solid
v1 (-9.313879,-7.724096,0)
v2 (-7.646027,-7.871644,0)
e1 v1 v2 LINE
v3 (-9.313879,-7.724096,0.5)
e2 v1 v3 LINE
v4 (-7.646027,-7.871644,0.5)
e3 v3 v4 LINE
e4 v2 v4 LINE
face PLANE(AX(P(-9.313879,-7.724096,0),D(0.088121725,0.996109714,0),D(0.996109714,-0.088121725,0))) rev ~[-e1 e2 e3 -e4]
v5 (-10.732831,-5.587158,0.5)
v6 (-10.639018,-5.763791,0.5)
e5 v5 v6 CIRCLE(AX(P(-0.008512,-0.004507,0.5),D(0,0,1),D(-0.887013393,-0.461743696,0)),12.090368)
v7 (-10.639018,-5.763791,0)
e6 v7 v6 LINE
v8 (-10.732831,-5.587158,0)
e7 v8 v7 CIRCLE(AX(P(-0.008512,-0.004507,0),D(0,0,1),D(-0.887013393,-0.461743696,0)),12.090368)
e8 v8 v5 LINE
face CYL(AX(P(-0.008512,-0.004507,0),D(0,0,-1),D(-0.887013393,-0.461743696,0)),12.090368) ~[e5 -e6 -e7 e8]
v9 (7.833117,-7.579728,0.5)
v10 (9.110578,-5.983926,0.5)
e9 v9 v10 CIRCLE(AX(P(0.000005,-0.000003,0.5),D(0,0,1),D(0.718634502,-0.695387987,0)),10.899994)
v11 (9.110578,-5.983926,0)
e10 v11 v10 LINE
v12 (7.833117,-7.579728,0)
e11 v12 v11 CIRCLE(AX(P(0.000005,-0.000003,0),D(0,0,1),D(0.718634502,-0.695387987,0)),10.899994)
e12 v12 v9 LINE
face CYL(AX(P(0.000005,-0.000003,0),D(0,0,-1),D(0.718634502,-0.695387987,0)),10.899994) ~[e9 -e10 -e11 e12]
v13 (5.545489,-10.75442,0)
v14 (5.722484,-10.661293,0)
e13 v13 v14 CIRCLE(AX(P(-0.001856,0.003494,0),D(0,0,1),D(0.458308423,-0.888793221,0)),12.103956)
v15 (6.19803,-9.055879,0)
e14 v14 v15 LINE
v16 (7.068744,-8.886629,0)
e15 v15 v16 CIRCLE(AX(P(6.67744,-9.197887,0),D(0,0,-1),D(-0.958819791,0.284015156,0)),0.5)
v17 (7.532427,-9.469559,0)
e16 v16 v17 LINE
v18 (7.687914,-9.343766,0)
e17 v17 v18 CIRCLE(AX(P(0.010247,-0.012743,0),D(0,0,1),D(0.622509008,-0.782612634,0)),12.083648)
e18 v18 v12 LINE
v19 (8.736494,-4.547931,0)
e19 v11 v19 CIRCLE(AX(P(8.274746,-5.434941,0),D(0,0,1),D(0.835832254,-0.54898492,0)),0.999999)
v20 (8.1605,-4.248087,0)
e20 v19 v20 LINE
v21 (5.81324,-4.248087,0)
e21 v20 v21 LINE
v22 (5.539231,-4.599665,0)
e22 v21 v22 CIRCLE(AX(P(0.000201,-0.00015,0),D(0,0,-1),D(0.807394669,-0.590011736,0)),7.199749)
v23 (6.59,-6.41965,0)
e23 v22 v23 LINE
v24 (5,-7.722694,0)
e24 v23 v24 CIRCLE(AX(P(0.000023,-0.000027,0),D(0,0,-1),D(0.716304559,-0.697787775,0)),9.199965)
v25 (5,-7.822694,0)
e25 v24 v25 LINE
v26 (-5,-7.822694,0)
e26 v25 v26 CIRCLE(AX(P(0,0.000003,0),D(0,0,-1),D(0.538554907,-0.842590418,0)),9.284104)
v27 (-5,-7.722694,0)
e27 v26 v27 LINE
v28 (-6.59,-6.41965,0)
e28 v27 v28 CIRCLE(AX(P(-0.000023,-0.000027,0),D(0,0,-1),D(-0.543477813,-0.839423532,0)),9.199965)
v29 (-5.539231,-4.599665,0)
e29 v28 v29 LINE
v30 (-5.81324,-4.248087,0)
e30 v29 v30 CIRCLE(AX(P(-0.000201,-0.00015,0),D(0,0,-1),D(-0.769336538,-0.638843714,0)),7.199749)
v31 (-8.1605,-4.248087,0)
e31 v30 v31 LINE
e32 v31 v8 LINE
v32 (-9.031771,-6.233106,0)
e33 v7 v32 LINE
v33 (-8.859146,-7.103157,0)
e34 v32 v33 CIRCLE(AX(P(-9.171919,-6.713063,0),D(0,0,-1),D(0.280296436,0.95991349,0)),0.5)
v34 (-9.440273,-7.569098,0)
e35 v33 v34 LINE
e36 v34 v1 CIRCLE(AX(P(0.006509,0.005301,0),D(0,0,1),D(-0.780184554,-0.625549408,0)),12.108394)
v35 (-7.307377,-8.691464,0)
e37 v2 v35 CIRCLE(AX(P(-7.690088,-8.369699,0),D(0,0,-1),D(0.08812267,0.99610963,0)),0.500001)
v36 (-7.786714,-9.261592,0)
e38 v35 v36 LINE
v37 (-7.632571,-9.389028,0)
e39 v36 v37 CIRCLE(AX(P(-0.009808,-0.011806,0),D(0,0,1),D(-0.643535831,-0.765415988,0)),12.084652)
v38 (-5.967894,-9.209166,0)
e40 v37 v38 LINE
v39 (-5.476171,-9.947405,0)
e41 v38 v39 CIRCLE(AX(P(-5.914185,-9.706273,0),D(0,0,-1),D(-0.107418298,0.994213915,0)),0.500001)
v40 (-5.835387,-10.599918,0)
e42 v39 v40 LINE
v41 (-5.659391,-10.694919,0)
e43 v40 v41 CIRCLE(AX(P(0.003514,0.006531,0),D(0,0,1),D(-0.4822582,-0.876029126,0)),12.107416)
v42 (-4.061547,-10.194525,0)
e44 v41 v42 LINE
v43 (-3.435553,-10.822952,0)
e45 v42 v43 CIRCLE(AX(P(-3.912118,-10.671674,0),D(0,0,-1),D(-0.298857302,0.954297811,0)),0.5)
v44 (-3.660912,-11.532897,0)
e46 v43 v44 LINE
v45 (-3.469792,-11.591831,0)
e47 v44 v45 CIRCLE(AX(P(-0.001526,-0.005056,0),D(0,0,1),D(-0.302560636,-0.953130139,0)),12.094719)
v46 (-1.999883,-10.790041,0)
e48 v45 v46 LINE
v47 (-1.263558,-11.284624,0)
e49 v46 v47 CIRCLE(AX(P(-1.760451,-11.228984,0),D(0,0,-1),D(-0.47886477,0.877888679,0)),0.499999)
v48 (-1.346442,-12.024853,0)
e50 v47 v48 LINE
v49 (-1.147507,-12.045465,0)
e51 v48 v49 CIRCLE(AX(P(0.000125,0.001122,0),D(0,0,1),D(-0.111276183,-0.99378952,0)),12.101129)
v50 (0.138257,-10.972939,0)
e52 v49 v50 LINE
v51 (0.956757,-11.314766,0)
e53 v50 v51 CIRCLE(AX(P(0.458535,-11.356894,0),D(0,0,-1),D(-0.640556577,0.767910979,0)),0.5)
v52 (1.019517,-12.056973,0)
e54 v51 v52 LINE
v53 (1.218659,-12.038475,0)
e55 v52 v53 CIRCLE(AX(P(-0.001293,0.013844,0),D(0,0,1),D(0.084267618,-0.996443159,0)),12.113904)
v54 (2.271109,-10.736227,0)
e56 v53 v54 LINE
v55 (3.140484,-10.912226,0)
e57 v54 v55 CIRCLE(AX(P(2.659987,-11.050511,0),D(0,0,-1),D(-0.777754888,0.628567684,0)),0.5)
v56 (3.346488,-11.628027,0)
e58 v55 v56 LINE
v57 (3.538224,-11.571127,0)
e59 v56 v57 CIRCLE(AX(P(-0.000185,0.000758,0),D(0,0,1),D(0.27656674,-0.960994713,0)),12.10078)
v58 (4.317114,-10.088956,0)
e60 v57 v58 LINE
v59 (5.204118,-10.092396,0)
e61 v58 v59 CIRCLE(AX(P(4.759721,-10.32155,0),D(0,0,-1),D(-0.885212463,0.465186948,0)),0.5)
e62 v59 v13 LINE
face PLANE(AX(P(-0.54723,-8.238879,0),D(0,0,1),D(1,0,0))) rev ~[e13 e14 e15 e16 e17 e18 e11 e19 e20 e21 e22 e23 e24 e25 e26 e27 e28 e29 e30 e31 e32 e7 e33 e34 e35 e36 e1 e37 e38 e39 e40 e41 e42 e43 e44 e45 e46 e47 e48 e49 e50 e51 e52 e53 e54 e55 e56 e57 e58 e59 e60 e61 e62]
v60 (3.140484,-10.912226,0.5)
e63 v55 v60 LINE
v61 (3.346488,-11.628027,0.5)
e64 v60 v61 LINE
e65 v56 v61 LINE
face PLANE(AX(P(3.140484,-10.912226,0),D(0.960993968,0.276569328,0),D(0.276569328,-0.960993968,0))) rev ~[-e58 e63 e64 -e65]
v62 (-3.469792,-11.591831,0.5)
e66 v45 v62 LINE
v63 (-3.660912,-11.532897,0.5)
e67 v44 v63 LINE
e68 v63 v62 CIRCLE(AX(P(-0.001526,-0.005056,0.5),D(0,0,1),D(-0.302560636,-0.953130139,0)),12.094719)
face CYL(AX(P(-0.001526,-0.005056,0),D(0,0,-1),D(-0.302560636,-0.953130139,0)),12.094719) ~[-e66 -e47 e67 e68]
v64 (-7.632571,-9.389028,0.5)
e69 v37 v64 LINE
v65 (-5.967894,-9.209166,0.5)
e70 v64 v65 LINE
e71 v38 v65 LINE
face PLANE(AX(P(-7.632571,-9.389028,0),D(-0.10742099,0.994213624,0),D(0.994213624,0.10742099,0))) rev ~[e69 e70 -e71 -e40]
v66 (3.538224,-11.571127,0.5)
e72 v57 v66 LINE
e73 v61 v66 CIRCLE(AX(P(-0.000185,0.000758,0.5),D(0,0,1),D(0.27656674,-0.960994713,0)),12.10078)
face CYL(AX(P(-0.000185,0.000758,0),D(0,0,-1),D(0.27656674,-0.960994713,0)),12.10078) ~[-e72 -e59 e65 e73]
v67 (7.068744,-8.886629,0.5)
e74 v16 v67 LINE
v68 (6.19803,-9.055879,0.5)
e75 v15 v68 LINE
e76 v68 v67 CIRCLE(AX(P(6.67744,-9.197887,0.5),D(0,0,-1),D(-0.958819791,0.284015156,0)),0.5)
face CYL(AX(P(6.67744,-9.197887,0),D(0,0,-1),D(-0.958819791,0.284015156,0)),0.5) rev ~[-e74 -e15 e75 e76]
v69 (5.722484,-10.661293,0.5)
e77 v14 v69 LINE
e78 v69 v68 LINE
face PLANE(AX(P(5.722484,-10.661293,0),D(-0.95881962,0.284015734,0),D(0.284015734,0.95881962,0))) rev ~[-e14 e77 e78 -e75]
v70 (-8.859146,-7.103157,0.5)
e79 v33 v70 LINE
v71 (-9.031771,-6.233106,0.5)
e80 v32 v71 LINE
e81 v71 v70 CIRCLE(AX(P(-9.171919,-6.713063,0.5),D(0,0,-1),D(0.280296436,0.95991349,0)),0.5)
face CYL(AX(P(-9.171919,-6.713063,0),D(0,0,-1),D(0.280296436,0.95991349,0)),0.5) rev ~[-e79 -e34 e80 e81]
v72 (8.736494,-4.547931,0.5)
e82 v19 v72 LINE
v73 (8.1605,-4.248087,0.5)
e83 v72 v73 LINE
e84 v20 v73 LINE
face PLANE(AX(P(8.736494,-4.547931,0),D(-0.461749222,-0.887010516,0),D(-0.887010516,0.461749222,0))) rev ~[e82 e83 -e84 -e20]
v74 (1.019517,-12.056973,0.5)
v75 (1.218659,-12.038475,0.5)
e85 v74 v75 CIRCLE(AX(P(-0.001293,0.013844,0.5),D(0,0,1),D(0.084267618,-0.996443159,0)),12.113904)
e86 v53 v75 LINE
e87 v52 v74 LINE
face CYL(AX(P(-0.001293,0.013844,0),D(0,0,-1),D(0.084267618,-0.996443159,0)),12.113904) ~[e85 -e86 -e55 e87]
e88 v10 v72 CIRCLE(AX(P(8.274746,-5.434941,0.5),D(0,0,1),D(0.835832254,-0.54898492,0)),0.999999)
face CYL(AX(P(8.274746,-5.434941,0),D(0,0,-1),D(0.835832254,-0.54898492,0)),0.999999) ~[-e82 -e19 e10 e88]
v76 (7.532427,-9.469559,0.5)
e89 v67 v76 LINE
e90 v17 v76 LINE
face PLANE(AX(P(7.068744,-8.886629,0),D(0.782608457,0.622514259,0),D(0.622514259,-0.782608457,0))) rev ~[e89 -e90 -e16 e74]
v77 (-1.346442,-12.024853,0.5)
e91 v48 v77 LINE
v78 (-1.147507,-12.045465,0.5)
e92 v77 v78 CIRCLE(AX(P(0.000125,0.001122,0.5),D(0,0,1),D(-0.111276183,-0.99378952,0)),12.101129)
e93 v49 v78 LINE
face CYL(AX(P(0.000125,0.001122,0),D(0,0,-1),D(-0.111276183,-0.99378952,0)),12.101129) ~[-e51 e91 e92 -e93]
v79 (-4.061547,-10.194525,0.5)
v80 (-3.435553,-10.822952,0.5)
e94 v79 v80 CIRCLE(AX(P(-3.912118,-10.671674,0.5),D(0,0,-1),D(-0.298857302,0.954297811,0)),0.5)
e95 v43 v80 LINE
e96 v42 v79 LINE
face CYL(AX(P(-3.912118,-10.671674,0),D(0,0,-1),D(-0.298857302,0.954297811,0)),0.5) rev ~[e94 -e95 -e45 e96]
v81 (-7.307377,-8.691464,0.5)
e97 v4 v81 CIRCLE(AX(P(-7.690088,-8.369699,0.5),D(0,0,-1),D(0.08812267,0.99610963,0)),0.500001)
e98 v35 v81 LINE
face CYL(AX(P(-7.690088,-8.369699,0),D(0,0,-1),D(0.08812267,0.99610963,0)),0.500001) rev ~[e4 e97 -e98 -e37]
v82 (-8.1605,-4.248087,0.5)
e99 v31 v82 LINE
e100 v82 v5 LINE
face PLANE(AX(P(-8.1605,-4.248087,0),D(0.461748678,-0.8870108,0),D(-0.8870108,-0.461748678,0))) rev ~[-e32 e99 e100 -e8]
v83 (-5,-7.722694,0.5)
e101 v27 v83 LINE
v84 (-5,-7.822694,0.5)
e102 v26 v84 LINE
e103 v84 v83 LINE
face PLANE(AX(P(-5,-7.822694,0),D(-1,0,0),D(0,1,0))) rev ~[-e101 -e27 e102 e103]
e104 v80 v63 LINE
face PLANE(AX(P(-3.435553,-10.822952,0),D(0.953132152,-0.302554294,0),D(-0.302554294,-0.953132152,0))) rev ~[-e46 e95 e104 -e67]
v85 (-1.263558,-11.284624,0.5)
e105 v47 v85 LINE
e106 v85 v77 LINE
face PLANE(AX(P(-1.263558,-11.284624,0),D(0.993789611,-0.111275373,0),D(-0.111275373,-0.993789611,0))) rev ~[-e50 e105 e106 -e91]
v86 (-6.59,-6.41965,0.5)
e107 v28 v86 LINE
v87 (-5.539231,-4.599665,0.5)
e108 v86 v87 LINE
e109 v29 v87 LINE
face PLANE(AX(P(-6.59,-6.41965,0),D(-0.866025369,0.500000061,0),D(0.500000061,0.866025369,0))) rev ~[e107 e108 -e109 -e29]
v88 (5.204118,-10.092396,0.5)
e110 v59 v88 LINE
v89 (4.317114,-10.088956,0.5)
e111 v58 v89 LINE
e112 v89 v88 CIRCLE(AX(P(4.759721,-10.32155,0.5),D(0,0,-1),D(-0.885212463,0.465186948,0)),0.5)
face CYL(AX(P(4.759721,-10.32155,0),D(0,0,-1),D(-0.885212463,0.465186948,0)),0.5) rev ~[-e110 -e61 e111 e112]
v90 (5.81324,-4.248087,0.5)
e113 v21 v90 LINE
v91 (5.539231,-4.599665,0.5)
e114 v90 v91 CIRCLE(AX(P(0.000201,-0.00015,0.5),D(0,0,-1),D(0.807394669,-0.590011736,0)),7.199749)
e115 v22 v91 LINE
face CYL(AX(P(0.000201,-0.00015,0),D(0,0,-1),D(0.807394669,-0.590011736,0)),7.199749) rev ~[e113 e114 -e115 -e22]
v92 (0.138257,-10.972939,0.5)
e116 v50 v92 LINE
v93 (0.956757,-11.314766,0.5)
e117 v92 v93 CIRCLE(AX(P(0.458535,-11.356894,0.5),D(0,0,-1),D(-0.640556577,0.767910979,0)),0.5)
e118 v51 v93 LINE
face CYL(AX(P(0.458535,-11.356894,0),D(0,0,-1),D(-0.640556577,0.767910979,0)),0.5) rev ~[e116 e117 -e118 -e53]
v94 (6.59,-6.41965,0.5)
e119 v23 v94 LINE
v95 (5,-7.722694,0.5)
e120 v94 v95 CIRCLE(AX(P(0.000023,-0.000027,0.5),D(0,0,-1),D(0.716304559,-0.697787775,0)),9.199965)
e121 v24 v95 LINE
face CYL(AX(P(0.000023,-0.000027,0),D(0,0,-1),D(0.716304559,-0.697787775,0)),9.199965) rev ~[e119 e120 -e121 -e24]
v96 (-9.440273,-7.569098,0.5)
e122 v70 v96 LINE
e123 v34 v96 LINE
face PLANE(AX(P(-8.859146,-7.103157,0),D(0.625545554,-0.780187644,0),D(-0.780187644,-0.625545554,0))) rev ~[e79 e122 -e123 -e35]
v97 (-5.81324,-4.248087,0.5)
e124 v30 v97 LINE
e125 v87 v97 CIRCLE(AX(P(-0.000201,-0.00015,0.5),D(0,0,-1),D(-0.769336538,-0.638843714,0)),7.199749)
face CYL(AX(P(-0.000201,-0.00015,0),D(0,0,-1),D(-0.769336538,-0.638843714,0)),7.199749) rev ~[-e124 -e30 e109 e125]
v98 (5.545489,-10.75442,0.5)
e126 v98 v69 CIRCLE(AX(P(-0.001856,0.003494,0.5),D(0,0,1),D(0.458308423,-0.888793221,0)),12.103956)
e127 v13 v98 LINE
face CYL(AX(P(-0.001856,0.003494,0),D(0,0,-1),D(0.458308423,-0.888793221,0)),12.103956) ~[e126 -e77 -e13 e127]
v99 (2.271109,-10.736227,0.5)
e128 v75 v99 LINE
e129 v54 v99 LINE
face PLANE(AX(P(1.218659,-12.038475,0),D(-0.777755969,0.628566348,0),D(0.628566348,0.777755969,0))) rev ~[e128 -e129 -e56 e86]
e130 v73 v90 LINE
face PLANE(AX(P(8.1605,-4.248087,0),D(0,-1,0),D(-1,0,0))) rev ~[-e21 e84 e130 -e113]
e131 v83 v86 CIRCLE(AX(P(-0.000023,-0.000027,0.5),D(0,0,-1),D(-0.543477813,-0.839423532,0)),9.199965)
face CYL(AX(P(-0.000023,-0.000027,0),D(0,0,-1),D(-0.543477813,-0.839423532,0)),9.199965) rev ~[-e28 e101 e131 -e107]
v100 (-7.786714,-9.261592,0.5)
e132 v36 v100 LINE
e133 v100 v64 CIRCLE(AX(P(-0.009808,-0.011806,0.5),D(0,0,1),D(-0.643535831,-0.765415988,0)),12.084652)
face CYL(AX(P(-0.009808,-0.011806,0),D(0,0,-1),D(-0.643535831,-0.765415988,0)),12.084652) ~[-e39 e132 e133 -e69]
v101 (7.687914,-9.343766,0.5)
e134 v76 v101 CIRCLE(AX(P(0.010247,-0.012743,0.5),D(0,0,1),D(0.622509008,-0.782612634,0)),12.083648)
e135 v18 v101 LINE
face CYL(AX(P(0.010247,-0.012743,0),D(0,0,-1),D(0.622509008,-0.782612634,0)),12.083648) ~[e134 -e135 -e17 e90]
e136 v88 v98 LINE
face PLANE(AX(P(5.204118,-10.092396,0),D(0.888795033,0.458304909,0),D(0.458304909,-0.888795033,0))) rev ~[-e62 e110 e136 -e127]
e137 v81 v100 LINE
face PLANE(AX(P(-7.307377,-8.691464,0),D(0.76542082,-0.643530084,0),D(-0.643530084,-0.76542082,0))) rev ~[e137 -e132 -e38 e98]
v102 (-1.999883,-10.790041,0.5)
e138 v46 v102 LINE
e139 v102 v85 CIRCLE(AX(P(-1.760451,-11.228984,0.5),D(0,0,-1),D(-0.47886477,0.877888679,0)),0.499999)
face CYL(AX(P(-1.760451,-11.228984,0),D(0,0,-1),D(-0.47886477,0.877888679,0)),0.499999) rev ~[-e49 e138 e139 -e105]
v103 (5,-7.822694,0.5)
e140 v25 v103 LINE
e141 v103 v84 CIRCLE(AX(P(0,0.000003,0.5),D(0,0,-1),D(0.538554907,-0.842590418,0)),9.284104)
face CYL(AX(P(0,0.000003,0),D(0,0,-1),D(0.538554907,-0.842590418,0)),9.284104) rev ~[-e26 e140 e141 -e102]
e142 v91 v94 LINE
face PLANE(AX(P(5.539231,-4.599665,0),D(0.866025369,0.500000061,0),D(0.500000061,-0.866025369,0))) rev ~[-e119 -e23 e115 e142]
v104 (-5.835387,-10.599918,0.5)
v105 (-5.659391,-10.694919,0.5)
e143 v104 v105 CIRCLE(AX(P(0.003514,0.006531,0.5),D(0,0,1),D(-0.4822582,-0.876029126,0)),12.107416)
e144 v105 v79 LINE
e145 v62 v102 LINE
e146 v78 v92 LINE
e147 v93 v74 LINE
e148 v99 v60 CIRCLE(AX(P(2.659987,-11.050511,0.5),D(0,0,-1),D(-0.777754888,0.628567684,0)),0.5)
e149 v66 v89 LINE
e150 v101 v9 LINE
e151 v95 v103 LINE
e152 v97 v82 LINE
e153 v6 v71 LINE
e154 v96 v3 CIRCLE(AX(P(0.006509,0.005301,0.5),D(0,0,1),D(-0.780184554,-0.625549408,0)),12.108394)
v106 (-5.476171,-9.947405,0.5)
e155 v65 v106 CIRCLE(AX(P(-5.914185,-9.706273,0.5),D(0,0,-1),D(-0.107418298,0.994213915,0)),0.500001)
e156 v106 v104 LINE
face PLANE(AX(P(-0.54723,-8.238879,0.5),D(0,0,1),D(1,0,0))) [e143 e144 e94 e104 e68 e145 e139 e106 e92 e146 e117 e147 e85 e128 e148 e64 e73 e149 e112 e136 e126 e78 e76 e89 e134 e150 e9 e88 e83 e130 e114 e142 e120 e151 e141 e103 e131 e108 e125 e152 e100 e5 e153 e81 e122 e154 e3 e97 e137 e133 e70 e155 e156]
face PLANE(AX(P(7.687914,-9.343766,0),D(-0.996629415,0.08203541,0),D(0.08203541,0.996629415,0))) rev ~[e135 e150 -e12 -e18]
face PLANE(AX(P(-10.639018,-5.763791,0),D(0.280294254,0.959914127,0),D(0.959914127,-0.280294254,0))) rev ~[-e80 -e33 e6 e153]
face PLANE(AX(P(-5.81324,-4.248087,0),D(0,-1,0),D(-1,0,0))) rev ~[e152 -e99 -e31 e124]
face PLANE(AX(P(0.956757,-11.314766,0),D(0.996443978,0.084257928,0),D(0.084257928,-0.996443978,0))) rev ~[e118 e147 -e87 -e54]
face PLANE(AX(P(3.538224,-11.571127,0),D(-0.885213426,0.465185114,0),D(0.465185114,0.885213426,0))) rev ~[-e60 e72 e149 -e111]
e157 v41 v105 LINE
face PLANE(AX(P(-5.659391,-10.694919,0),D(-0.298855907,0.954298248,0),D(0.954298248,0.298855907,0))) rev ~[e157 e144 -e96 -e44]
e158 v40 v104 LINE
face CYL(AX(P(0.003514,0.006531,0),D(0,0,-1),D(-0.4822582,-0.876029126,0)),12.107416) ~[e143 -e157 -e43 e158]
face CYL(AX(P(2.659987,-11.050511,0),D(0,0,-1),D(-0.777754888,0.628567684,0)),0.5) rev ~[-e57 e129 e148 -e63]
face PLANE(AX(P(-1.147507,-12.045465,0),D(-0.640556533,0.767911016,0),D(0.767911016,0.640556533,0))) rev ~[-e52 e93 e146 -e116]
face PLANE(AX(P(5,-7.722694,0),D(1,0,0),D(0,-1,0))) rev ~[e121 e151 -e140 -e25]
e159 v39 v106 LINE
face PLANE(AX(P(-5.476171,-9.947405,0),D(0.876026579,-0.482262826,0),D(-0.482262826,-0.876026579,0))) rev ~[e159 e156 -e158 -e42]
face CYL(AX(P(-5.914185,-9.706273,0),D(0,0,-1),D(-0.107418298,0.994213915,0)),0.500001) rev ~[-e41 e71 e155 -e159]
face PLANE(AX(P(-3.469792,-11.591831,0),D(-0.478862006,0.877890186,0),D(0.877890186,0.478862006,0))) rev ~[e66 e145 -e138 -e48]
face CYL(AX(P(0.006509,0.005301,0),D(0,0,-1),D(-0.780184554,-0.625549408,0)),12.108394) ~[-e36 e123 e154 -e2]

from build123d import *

# Parameters (mm, degrees)
F1_DEPTH = 0.5


with BuildPart() as f1:
    # F0 (on Top) → F1 (new body)
    with BuildSketch(Plane.XY):
        with BuildLine():
            Line((-5.81324, -4.248087), (-8.1605, -4.248087))
            Line((-8.1605, -4.248087), (-10.732831, -5.587158))
            ThreePointArc((-10.732831, -5.587158), (-10.68629, -5.675668), (-10.639018, -5.763791))
            Line((-10.639018, -5.763791), (-9.031771, -6.233106))
            ThreePointArc((-9.031771, -6.233106), (-8.681479, -6.615756), (-8.859146, -7.103157))
            Line((-8.859146, -7.103157), (-9.440273, -7.569098))
            ThreePointArc((-9.440273, -7.569098), (-9.377396, -7.646858), (-9.313879, -7.724096))
            Line((-9.313879, -7.724096), (-7.646027, -7.871644))
            ThreePointArc((-7.646027, -7.871644), (-7.227963, -8.178805), (-7.307377, -8.691464))
            Line((-7.307377, -8.691464), (-7.786714, -9.261592))
            ThreePointArc((-7.786714, -9.261592), (-7.709906, -9.325629), (-7.632571, -9.389028))
            Line((-7.632571, -9.389028), (-5.967894, -9.209166))
            ThreePointArc((-5.967894, -9.209166), (-5.498046, -9.429093), (-5.476171, -9.947405))
            Line((-5.476171, -9.947405), (-5.835387, -10.599918))
            ThreePointArc((-5.835387, -10.599918), (-5.747585, -10.647782), (-5.659391, -10.694919))
            Line((-5.659391, -10.694919), (-4.061547, -10.194525))
            ThreePointArc((-4.061547, -10.194525), (-3.55788, -10.318807), (-3.435553, -10.822952))
            Line((-3.435553, -10.822952), (-3.660912, -11.532897))
            ThreePointArc((-3.660912, -11.532897), (-3.565474, -11.562759), (-3.469792, -11.591831))
            Line((-3.469792, -11.591831), (-1.999883, -10.790041))
            ThreePointArc((-1.999883, -10.790041), (-1.48166, -10.813925), (-1.263558, -11.284624))
            Line((-1.263558, -11.284624), (-1.346442, -12.024853))
            ThreePointArc((-1.346442, -12.024853), (-1.247017, -12.03557), (-1.147507, -12.045465))
            Line((-1.147507, -12.045465), (0.138257, -10.972939))
            ThreePointArc((0.138257, -10.972939), (0.651219, -10.895513), (0.956757, -11.314766))
            Line((0.956757, -11.314766), (1.019517, -12.056973))
            ThreePointArc((1.019517, -12.056973), (1.119126, -12.048135), (1.218659, -12.038475))
            Line((1.218659, -12.038475), (2.271109, -10.736227))
            ThreePointArc((2.271109, -10.736227), (2.759196, -10.560452), (3.140484, -10.912226))
            Line((3.140484, -10.912226), (3.346488, -11.628027))
            ThreePointArc((3.346488, -11.628027), (3.442474, -11.599973), (3.538224, -11.571127))
            Line((3.538224, -11.571127), (4.317114, -10.088956))
            ThreePointArc((4.317114, -10.088956), (4.76166, -9.821553), (5.204118, -10.092396))
            Line((5.204118, -10.092396), (5.545489, -10.75442))
            ThreePointArc((5.545489, -10.75442), (5.634179, -10.708222), (5.722484, -10.661293))
            Line((5.722484, -10.661293), (6.19803, -9.055879))
            ThreePointArc((6.19803, -9.055879), (6.582035, -8.707073), (7.068744, -8.886629))
            Line((7.068744, -8.886629), (7.532427, -9.469559))
            ThreePointArc((7.532427, -9.469559), (7.610431, -9.406984), (7.687914, -9.343766))
            Line((7.687914, -9.343766), (7.833117, -7.579728))
            ThreePointArc((7.833117, -7.579728), (8.509339, -6.811839), (9.110578, -5.983926))
            ThreePointArc((9.110578, -5.983926), (9.242449, -5.18285), (8.736494, -4.547931))
            Line((8.736494, -4.547931), (8.1605, -4.248087))
            Line((8.1605, -4.248087), (5.81324, -4.248087))
            ThreePointArc((5.81324, -4.248087), (5.678957, -4.425997), (5.539231, -4.599665))
            Line((5.539231, -4.599665), (6.59, -6.41965))
            ThreePointArc((6.59, -6.41965), (5.83151, -7.115722), (5, -7.722694))
            Line((5, -7.722694), (5, -7.822694))
            ThreePointArc((5, -7.822694), (0, -9.284101), (-5, -7.822694))
            Line((-5, -7.822694), (-5, -7.722694))
            ThreePointArc((-5, -7.722694), (-5.83151, -7.115722), (-6.59, -6.41965))
            Line((-6.59, -6.41965), (-5.539231, -4.599665))
            ThreePointArc((-5.539231, -4.599665), (-5.678957, -4.425997), (-5.81324, -4.248087))
        make_face()
    extrude(amount=F1_DEPTH)


solid = f1.part
